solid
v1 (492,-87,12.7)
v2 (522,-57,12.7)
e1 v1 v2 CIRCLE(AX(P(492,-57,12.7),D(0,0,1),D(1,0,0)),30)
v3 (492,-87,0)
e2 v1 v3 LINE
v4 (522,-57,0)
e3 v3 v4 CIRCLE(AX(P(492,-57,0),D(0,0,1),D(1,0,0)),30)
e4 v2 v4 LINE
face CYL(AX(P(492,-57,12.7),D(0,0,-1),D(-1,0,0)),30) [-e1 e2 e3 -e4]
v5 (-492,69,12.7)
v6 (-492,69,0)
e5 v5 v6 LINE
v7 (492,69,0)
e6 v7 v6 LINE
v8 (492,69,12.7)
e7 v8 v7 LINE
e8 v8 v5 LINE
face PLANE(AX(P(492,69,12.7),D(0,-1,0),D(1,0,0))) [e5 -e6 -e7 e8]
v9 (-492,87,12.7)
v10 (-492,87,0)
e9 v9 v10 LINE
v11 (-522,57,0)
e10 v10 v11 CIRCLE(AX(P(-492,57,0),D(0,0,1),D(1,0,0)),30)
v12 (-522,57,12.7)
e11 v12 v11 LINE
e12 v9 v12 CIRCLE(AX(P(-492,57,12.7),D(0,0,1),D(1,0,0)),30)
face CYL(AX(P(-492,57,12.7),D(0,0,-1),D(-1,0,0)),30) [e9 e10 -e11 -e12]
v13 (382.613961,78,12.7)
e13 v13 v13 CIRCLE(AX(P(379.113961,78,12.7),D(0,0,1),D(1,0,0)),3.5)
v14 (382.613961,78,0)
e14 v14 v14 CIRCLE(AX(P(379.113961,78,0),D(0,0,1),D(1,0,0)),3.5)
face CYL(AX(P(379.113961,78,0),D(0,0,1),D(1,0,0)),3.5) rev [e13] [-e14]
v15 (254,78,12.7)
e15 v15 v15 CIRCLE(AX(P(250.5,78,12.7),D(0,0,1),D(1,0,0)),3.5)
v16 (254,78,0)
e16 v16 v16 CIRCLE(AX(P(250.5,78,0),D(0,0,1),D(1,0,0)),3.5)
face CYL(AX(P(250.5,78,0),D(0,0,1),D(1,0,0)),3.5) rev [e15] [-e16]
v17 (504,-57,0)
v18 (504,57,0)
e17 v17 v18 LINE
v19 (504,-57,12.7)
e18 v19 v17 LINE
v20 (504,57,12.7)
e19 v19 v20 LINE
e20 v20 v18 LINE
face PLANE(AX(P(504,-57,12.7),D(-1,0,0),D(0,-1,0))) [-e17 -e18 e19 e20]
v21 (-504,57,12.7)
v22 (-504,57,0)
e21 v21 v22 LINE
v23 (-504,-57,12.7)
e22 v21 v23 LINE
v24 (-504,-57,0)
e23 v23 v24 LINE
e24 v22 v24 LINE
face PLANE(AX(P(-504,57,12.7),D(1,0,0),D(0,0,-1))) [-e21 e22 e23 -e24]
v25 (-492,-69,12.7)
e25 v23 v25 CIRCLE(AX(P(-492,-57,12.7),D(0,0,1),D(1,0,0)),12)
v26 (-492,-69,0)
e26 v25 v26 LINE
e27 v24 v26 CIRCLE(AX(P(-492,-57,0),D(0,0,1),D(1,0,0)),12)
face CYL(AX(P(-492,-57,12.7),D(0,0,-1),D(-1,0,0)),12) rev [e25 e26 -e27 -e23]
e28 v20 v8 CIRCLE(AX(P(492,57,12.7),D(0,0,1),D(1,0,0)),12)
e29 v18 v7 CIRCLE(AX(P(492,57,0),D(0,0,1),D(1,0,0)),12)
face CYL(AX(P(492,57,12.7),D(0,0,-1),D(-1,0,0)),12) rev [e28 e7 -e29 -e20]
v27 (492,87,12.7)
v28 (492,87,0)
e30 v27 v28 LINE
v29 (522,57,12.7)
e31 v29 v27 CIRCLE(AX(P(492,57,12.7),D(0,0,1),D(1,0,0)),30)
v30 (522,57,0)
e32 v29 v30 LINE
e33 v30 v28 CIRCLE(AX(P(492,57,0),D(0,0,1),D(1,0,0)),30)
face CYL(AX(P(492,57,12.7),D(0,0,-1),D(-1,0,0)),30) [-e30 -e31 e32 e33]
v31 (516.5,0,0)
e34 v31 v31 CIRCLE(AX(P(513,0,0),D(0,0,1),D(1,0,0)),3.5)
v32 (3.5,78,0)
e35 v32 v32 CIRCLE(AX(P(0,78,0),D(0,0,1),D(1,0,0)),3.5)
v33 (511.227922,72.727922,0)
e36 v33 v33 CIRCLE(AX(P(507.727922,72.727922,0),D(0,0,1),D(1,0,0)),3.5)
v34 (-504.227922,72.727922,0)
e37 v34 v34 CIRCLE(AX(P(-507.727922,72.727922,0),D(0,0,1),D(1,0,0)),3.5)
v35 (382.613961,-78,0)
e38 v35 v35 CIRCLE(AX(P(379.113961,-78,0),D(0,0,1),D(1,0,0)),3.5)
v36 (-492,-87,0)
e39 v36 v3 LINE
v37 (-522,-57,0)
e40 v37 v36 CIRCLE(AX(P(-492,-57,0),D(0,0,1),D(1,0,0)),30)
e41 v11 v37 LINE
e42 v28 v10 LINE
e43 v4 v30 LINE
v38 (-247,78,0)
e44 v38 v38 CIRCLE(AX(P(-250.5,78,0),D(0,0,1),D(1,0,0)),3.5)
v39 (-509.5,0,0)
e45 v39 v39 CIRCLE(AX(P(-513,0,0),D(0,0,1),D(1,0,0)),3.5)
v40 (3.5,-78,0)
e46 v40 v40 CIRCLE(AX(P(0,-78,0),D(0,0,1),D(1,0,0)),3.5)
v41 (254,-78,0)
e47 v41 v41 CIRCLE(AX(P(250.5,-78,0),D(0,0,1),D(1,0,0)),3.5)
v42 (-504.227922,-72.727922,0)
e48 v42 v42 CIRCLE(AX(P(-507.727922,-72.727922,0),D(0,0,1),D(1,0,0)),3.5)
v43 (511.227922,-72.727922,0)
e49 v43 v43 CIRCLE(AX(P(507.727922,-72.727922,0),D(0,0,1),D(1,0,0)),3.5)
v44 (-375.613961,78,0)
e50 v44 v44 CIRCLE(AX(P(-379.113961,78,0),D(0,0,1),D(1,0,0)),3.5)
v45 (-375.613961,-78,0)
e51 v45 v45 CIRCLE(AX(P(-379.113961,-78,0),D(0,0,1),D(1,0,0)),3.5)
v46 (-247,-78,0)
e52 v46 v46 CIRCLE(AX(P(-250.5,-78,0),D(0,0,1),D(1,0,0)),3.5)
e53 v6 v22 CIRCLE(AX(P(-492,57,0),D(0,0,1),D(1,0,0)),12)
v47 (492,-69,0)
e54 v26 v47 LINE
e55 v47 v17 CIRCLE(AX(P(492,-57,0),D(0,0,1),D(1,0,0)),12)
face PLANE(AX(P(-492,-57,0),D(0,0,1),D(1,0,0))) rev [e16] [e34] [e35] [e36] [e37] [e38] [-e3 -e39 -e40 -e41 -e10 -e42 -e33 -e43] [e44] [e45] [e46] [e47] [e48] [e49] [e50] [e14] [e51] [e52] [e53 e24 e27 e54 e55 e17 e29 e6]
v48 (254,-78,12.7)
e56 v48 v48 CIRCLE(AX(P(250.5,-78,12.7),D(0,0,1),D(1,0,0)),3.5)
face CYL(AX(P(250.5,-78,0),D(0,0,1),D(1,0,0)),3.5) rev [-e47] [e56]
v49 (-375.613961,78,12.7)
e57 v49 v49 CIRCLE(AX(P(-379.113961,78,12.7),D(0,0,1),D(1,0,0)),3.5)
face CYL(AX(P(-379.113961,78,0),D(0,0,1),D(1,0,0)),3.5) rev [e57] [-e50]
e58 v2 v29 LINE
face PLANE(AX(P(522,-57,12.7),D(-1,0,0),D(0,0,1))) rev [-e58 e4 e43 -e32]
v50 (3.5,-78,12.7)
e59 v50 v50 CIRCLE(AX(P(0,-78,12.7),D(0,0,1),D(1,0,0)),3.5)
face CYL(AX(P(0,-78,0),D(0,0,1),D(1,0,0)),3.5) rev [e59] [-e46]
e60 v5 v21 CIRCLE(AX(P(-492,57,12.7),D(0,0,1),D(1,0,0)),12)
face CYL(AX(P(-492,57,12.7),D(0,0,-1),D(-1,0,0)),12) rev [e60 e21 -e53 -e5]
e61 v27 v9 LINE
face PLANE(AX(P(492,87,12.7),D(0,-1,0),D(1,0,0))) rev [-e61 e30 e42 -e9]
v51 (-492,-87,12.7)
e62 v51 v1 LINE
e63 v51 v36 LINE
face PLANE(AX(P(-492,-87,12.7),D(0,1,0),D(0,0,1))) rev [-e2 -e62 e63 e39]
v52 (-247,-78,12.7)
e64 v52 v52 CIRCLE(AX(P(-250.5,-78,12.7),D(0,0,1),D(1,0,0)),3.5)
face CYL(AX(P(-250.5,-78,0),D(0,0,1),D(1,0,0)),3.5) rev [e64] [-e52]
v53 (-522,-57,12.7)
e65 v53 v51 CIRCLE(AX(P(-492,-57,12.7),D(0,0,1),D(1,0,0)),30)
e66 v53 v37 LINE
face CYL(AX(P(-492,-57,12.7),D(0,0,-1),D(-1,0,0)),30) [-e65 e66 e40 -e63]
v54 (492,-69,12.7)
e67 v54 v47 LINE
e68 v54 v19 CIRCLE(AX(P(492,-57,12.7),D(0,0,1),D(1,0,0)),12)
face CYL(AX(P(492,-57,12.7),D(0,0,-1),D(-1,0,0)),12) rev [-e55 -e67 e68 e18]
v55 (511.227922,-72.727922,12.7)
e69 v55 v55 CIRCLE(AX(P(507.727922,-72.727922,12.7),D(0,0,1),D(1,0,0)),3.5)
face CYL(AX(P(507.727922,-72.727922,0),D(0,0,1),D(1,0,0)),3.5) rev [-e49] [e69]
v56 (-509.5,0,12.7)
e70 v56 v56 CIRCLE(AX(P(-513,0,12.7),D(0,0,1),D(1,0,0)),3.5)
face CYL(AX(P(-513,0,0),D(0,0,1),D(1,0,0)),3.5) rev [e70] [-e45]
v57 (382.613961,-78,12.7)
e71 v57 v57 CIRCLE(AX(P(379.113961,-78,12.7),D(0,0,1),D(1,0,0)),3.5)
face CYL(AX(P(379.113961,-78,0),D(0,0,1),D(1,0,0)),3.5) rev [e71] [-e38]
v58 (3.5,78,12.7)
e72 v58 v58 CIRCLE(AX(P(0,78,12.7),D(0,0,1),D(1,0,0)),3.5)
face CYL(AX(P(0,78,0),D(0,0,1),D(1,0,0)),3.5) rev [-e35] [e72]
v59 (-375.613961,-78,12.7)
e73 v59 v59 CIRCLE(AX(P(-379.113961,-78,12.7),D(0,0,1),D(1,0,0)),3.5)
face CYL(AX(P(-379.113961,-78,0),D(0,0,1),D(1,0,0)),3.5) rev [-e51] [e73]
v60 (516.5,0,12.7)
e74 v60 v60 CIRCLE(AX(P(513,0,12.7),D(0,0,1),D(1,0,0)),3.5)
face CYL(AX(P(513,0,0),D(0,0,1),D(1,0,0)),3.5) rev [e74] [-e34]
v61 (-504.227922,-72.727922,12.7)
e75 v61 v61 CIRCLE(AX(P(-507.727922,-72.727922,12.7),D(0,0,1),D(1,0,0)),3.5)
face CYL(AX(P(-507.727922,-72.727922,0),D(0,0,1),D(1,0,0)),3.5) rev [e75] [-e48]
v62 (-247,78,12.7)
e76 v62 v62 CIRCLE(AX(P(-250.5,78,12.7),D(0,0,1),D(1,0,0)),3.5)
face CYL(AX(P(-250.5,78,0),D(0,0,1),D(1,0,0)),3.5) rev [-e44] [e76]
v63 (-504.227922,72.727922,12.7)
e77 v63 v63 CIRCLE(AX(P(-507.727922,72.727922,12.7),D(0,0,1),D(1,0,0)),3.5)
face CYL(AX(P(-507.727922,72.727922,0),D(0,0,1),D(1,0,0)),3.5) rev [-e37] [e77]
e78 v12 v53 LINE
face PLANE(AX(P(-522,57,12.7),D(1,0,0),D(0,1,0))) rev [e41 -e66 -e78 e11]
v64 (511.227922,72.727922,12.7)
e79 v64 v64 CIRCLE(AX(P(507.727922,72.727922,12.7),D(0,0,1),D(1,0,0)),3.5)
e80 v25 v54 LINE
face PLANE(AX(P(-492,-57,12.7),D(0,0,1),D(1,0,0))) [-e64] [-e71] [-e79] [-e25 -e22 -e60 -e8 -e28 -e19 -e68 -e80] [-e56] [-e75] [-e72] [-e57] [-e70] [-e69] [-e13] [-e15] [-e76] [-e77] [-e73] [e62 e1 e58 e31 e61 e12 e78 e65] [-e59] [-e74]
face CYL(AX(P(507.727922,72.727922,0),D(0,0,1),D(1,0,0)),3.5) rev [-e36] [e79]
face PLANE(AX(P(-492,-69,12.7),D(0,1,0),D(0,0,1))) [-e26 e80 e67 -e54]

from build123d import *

# Parameters (mm, degrees)
BOSS_EXTRUDE1_DEPTH     = 12.7
SKETCH4_R               = 3.5
CUT_EXTRUDE1_DEPTH      = 530.352708504
CUT_EXTRUDE2_DEPTH      = 530.352708504
CUT_EXTRUDE2_DEPTH_BACK = 530.352708504
SKETCH5_R               = 3.5


with BuildPart() as part:
    # Sketch2 → Boss-Extrude1 (new body)
    with BuildSketch(Plane.XY):
        with BuildLine():
            Line((-492, -87), (492, -87))
            ThreePointArc((492, -87), (513.213203436, -78.213203436), (522, -57))
            Line((522, -57), (522, 57))
            ThreePointArc((522, 57), (513.213203436, 78.213203436), (492, 87))
            Line((492, 87), (-492, 87))
            ThreePointArc((-492, 87), (-513.213203436, 78.213203436), (-522, 57))
            Line((-522, 57), (-522, -57))
            ThreePointArc((-522, -57), (-513.213203436, -78.213203436), (-492, -87))
        make_face()
        with BuildLine():
            Line((-492, -69), (492, -69))
            ThreePointArc((492, -69), (500.485281374, -65.485281374), (504, -57))
            Line((504, -57), (504, 57))
            ThreePointArc((504, 57), (500.485281374, 65.485281374), (492, 69))
            Line((492, 69), (-492, 69))
            ThreePointArc((-492, 69), (-500.485281374, 65.485281374), (-504, 57))
            Line((-504, 57), (-504, -57))
            ThreePointArc((-504, -57), (-500.485281374, -65.485281374), (-492, -69))
        make_face(mode=Mode.SUBTRACT)
    extrude(amount=BOSS_EXTRUDE1_DEPTH)

    # Sketch4 → Cut-Extrude1 (cut, through all)
    with BuildSketch(Plane.XY.offset(12.7)):
        with Locations((-507.727922061, 72.727922061)):
            Circle(SKETCH4_R)
        with Locations((-507.727922061, -72.727922061)):
            Circle(SKETCH4_R)
        with Locations((-250.5, -78)):
            Circle(SKETCH4_R)
        with Locations((-250.5, 78)):
            Circle(SKETCH4_R)
        with Locations((250.5, 78)):
            Circle(SKETCH4_R)
        with Locations((250.5, -78)):
            Circle(SKETCH4_R)
        with Locations((507.727922061, 72.727922061)):
            Circle(SKETCH4_R)
        with Locations((507.727922061, -72.727922061)):
            Circle(SKETCH4_R)
    extrude(amount=-CUT_EXTRUDE1_DEPTH, mode=Mode.SUBTRACT)

    # Sketch5 → Cut-Extrude2 (cut, two sides: drawn at the far end of the back side and taken through both)
    with BuildSketch(Plane.XY.offset(12.7).offset(-CUT_EXTRUDE2_DEPTH_BACK)):
        with Locations((-379.113961031, 78)):
            Circle(SKETCH5_R)
        with Locations((-513, 0)):
            Circle(SKETCH5_R)
        with Locations((-379.113961031, -78)):
            Circle(SKETCH5_R)
        with Locations((0, -78)):
            Circle(SKETCH5_R)
        with Locations((0, 78)):
            Circle(SKETCH5_R)
        with Locations((379.113961031, 78)):
            Circle(SKETCH5_R)
        with Locations((379.113961031, -78)):
            Circle(SKETCH5_R)
        with Locations((513, 0)):
            Circle(SKETCH5_R)
    extrude(amount=CUT_EXTRUDE2_DEPTH + CUT_EXTRUDE2_DEPTH_BACK, mode=Mode.SUBTRACT)


solid = part.part
